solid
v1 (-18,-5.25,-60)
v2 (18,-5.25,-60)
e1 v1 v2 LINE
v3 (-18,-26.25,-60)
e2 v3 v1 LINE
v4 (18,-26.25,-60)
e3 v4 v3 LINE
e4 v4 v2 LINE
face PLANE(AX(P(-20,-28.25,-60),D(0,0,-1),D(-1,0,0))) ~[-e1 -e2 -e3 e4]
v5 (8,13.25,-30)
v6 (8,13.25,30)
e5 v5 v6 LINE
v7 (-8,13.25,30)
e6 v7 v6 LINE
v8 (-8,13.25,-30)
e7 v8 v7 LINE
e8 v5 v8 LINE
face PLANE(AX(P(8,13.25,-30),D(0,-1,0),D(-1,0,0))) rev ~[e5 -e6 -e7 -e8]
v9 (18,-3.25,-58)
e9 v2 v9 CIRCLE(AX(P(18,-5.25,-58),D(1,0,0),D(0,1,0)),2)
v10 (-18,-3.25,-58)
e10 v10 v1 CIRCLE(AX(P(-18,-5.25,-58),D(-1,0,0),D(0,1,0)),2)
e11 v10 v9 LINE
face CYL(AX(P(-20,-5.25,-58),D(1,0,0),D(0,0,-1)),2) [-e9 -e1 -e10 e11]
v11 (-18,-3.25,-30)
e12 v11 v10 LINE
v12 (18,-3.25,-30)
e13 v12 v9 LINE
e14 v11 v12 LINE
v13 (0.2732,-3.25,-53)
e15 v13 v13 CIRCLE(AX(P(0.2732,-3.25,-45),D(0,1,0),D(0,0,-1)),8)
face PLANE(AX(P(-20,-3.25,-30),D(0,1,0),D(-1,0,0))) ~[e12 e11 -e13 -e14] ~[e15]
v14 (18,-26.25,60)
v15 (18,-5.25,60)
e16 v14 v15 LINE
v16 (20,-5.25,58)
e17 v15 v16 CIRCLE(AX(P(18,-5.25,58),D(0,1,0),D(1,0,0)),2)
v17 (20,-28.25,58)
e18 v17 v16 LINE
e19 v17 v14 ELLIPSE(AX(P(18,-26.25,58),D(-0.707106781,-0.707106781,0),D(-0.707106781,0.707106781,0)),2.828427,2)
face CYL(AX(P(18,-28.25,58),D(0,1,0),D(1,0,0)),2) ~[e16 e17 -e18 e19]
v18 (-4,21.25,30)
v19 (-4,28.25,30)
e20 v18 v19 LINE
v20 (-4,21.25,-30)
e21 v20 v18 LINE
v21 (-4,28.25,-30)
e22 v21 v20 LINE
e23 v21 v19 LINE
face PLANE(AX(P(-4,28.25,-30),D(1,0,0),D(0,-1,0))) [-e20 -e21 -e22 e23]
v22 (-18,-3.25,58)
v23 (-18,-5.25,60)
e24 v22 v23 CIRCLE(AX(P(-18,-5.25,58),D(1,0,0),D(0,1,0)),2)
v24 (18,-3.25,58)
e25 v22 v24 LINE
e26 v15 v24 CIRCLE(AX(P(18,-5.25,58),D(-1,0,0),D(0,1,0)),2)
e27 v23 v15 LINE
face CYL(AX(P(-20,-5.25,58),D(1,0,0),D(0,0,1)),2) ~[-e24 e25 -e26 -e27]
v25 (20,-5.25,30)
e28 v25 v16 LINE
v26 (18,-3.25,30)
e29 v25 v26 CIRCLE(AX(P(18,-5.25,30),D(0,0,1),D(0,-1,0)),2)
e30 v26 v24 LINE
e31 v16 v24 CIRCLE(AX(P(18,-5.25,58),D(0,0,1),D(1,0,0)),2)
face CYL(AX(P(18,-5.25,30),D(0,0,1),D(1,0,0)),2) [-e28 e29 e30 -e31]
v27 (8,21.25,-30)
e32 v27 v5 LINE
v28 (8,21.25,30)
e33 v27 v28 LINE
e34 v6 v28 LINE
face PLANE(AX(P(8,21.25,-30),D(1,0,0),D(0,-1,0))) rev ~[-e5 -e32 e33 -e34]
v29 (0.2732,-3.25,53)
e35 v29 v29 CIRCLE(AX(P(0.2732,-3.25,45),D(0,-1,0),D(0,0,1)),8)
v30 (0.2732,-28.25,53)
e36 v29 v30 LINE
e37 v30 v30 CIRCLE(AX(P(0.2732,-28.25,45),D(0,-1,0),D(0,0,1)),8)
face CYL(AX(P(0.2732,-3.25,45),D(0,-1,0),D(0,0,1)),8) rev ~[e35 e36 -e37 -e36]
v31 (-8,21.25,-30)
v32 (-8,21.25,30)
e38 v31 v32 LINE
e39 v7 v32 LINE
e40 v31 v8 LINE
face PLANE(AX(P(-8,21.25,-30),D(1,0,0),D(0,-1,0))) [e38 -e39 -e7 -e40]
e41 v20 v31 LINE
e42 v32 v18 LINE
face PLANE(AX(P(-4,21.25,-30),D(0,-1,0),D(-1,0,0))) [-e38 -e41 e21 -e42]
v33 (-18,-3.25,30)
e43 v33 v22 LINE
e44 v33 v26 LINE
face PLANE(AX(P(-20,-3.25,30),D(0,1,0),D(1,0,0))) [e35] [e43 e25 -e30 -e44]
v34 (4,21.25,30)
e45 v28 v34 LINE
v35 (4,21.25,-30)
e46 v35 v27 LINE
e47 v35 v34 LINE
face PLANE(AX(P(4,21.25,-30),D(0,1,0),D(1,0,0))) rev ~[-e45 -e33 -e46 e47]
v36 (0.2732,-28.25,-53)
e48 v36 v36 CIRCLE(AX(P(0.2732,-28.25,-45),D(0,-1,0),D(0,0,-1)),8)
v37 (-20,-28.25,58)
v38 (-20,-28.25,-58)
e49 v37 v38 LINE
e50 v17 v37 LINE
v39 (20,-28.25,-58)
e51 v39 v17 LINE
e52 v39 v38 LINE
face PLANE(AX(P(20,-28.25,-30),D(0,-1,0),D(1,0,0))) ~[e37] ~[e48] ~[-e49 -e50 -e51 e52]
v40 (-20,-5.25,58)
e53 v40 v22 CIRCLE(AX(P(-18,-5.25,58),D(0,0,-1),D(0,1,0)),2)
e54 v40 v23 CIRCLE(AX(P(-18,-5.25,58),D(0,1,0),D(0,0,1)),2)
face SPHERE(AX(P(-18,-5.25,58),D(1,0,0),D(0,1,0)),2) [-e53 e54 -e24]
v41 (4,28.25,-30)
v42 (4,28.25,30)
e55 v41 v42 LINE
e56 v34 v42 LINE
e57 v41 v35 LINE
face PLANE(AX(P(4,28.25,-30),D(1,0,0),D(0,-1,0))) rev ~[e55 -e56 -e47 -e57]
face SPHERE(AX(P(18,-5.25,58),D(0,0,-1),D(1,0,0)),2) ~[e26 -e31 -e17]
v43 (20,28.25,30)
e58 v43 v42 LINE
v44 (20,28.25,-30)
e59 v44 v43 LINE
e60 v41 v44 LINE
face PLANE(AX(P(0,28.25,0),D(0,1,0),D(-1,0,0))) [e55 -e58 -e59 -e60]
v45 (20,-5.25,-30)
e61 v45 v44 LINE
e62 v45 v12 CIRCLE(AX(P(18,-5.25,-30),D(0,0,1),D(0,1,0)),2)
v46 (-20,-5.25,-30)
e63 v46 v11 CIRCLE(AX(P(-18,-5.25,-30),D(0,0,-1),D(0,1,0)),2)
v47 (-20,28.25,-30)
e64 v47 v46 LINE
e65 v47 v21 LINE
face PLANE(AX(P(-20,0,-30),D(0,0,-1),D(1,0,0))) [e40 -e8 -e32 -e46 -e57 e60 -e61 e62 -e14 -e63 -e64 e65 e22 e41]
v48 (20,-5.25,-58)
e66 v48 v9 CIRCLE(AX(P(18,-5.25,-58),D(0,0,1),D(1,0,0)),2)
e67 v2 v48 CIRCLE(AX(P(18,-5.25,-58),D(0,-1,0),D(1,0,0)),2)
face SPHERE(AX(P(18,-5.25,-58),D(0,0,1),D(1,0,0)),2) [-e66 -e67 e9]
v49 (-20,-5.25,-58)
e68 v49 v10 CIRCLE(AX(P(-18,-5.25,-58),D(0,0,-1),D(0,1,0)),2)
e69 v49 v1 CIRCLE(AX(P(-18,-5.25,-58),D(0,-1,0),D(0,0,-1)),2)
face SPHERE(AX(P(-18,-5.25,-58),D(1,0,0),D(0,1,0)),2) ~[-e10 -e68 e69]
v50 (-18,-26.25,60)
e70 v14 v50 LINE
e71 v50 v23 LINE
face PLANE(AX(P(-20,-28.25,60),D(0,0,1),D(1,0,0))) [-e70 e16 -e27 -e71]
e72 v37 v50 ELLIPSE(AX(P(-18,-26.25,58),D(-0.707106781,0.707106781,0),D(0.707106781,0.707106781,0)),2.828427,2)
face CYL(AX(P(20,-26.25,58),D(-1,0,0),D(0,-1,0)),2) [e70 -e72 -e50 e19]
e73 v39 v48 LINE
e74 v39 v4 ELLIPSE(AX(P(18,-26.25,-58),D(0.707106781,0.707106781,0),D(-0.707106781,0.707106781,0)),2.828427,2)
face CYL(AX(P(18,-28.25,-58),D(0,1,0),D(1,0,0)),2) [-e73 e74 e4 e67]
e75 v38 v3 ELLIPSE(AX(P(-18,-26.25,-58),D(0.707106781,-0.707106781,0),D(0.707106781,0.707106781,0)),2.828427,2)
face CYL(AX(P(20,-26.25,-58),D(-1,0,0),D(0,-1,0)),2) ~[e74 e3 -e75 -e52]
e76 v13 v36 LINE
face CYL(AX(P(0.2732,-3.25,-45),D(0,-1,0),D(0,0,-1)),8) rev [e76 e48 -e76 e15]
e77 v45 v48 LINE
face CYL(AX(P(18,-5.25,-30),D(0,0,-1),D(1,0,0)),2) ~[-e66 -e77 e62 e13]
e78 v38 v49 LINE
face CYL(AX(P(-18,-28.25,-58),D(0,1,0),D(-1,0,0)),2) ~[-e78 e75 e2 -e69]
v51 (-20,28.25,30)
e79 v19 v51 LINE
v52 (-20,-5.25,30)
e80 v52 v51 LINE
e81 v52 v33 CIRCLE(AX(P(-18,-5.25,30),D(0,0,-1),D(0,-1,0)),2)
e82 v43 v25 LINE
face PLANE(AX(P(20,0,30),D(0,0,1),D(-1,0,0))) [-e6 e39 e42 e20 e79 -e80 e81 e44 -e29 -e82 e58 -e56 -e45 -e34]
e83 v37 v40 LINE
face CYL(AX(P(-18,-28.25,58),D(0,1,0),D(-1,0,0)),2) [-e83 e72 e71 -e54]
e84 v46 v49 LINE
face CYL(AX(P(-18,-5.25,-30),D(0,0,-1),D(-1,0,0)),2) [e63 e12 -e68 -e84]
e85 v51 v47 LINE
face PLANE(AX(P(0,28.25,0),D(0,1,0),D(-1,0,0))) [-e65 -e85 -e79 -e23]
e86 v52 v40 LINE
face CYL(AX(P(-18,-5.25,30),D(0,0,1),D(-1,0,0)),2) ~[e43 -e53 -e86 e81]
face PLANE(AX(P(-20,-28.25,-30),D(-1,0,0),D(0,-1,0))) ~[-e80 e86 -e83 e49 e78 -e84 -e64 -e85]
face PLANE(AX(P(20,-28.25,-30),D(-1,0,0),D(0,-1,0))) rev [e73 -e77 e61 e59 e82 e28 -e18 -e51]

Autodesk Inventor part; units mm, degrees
ref_plane "YZ Plane" through (0, 0, 0) normal (1, 0, 0) x (0, 1, 0)
ref_plane "XZ Plane" through (0, 0, 0) normal (0, 1, 0) x (-1, 0, 0)
ref_plane "XY Plane" through (0, 0, 0) normal (0, 0, 1) x (1, 0, 0)
sketch "Esquisse1" plane through (0, 0, 0) normal (0, 1, 0) x (-1, 0, 0)
  line L0 (-20, 30) -> (20, 30)
  line L1 (20, 30) -> (20, -30)
  line L2 (20, -30) -> (-20, -30)
  line L3 (-20, -30) -> (-20, 30)
  line L4 (-20, 30) -> (20, -30) construction
  line L5 (20, 30) -> (-20, -30) construction
  point P0 (0, 0)
  dimension "d0" = 40
  dimension "d1" = 60
extrude "Extrusion1" add sketch "Esquisse1" along normal mid plane 56.5
sketch "Esquisse2" plane through (20, 28.25, -30) normal (0, 0, -1) x (-1, 0, 0)
  line L0 (0, 0) -> (40, 0) projected
  line L1 (16, 0) -> (16, -7)
  line L2 (16, -7) -> (12, -7)
  line L3 (12, -7) -> (12, -15)
  line L4 (20, 0.6313) -> (20, -19.069)
  line L5 (12, -15) -> (20, -15)
  line L6 (24, 0) -> (24, -7)
  line L7 (24, -7) -> (28, -7)
  line L8 (28, -7) -> (28, -15)
  line L9 (28, -15) -> (20, -15)
  point P0 (20, -28.25)
  point P1 (20, 0)
  dimension "d4" = 7
  dimension "d5" = 4
  dimension "d6" = 4
  dimension "d7" = 8
extrude "Extrusion2" cut sketch "Esquisse2" against normal through all
sketch "Esquisse3" plane through (-20, -28.25, 30) normal (0, 0, 1) x (1, 0, 0)
  line L0 (40, 0) -> (40, 56.5) projected
  line L1 (0, 25) -> (40, 25)
  line L2 (40, 25) -> (40, 0)
  line L3 (40, 0) -> (0, 0)
  line L4 (0, 0) -> (0, 25)
  line L5 (0, 25) -> (40, 0) construction
  line L6 (40, 25) -> (0, 0) construction
  point P0 (20, 28.25)
  point P1 (20, 12.5)
  dimension "d10" = 25
extrude "Extrusion3" add sketch "Esquisse3" along normal blind 30
fillet "Congé1" radius 2 6 edges at (20, -3.25, 45) (20, -15.75, 60) (0, -3.25, 60) (-20, -3.25, 45) (-20, -15.75, 60) (0, -28.25, 60)
sketch "Esquisse4" plane through (-18, -3.25, 30) normal (0, 1, 0) x (1, 0, 0)
  line L0 (0, -28) -> (0, 0) projected
  line L1 (36, -28) -> (0, -28) projected
  line L2 (36, 0) -> (36, -28) projected
  line L3 (0, 0) -> (36, 0) projected
  line L4 (46, 30) -> (-10, 30) projected
  point P0 (18, 30)
  point P1 (18.2732, -15)
  dimension "d21" = 45
hole "Perçage1" at (0.2732, -3.25, 45) direction (0, -1, 0) diameter 16 end through all
mirror "Mise en miroir2" about plane through (0, 0, 0) normal (0, 0, 1) of "Extrusion3", "Congé1", "Perçage1"
properties part number "SupportFrein"
